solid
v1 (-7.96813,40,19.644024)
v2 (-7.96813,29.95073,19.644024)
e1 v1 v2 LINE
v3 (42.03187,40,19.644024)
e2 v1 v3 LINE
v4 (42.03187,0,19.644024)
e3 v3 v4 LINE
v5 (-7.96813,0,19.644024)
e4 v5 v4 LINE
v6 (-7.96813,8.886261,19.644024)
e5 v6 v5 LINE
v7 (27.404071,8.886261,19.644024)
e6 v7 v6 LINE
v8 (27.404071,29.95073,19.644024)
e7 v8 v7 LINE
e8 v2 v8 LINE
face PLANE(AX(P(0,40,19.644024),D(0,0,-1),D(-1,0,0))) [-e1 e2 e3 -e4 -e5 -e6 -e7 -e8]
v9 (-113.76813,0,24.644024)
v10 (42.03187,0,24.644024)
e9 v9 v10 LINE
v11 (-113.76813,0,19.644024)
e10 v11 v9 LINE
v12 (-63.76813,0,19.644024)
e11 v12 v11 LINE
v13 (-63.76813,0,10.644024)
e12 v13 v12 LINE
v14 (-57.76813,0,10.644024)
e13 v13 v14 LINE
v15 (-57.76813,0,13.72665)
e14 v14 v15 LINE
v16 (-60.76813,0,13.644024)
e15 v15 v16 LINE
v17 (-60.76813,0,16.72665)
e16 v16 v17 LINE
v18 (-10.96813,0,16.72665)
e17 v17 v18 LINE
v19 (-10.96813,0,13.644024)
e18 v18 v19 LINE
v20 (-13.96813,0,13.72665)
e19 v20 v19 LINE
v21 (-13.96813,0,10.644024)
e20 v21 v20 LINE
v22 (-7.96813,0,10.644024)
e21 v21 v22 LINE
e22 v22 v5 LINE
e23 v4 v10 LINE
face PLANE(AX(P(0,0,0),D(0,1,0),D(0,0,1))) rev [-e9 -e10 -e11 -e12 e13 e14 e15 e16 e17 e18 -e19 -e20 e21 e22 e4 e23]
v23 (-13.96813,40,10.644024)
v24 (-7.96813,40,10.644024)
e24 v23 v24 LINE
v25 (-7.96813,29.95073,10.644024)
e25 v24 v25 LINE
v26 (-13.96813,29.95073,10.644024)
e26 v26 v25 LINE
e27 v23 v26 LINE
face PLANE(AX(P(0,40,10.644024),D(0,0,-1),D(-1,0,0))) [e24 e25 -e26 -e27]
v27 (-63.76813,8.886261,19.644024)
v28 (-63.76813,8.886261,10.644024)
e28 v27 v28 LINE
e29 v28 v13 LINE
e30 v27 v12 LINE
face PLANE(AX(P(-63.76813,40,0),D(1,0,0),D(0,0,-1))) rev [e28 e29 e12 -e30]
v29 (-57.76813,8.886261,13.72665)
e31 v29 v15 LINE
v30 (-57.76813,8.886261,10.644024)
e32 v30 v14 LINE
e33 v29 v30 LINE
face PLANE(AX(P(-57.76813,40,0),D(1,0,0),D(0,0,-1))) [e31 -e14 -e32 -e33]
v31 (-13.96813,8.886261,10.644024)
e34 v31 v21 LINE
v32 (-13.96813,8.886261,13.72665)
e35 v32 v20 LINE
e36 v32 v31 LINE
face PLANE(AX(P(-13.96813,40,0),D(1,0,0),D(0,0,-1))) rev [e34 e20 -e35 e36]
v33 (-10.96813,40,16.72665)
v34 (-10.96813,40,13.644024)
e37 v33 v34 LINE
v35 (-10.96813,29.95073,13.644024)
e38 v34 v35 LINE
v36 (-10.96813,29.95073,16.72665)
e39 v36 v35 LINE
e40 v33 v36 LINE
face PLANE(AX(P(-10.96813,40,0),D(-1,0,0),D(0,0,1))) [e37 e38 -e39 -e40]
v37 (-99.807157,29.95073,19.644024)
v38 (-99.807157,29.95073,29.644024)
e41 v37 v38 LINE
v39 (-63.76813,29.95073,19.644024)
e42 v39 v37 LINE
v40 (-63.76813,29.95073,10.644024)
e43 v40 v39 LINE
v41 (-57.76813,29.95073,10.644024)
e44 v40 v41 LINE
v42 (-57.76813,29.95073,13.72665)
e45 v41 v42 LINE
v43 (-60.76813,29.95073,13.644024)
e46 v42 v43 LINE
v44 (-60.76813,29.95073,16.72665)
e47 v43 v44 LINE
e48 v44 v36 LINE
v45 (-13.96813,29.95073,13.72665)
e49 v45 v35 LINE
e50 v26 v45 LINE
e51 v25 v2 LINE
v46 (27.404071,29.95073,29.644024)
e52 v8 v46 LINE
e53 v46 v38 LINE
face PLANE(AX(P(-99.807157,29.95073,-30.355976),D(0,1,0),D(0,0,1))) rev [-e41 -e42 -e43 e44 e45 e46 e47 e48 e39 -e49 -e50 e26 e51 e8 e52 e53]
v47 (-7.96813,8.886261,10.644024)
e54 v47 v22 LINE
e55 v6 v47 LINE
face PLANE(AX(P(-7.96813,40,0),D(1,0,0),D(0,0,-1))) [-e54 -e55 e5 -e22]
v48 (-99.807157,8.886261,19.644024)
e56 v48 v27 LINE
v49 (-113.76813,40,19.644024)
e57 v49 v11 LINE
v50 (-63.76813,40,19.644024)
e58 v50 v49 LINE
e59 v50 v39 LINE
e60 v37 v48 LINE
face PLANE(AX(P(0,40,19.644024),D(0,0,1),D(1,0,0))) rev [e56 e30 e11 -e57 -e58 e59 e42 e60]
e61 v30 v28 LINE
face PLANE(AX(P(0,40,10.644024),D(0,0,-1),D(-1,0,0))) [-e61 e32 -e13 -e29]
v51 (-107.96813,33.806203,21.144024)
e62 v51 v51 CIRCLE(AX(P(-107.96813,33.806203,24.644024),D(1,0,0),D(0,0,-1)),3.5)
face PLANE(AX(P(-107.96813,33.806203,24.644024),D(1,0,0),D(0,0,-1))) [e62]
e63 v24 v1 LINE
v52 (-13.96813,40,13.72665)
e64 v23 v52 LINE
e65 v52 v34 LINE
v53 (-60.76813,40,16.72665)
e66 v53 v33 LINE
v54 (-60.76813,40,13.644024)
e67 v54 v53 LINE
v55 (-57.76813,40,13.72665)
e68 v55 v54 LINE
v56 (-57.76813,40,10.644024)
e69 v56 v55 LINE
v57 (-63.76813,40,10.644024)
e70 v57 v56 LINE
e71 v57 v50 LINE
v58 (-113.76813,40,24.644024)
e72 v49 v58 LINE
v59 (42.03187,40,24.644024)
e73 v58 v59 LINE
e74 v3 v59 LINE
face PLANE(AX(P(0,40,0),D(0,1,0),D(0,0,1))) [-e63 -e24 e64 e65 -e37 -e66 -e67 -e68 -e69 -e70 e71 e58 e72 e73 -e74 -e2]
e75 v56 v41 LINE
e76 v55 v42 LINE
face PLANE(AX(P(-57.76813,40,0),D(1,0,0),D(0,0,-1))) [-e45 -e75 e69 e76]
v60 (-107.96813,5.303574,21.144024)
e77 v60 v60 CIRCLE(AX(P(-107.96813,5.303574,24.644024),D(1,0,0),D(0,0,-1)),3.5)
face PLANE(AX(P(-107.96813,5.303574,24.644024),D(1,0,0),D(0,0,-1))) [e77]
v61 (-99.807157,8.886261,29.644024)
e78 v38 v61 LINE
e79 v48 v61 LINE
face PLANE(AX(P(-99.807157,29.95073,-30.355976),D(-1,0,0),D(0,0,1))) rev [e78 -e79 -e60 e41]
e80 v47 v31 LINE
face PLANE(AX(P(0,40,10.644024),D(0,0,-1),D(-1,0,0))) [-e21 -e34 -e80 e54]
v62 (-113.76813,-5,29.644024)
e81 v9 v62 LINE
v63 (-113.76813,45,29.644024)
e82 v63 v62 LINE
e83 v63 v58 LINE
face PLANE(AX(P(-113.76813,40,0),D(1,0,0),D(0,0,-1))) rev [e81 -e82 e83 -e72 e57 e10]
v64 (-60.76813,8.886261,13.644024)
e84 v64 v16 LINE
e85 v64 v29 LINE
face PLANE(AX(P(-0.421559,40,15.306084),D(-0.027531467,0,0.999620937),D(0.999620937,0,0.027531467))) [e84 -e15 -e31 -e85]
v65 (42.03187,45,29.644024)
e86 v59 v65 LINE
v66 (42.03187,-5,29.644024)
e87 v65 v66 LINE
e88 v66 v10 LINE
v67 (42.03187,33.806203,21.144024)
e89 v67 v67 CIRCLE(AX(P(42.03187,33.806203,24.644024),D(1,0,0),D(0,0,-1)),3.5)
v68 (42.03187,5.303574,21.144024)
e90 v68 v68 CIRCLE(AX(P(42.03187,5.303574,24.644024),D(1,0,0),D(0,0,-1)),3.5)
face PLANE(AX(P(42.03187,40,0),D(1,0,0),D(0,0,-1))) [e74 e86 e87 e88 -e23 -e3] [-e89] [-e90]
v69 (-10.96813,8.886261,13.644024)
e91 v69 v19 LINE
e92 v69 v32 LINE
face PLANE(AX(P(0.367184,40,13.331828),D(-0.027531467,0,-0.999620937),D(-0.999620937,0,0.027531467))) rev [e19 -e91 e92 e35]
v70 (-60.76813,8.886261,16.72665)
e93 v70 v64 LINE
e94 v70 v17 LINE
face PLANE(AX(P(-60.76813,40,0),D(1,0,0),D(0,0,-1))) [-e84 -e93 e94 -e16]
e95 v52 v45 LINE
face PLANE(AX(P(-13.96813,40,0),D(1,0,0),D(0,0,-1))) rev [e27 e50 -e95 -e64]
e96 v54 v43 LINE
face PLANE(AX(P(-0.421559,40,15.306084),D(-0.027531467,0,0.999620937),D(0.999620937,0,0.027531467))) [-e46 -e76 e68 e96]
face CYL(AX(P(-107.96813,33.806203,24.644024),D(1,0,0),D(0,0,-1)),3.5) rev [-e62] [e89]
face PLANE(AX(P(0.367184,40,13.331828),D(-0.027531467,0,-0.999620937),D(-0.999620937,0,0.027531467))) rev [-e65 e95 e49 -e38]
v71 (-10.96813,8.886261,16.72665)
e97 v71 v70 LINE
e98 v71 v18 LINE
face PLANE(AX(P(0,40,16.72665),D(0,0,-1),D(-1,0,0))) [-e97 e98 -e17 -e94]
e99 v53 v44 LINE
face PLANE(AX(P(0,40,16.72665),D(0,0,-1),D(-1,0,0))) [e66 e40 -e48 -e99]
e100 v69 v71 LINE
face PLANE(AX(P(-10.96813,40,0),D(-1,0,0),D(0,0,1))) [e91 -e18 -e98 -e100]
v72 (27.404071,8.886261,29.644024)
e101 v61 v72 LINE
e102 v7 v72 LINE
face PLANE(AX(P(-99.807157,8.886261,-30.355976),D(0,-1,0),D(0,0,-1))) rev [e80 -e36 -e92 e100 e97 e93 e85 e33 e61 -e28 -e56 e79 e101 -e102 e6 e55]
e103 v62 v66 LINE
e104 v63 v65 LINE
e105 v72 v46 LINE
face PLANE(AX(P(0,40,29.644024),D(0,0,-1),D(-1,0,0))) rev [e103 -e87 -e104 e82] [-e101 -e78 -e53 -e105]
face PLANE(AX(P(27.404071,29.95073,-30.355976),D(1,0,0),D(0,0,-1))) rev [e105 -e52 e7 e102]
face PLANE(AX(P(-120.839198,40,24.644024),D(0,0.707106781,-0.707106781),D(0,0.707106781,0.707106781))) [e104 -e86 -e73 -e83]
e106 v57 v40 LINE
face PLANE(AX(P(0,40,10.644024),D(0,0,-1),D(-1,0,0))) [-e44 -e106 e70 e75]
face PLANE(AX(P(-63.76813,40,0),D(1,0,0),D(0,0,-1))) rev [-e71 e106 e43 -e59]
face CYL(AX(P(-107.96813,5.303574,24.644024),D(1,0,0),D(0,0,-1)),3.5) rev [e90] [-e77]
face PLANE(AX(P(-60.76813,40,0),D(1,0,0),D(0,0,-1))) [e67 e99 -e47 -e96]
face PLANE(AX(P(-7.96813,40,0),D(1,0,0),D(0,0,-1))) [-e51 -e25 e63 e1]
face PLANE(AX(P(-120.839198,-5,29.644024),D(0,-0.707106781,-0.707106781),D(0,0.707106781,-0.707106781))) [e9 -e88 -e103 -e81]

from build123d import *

# Parameters (mm, degrees)
BOSS_EXTRUDE1_DEPTH = 40
SKETCH2_W           = 127.211228058
SKETCH2_H           = 21.064469041
CUT_EXTRUDE1_DEPTH  = 60
BOSS_EXTRUDE2_DEPTH = 155.8
SKETCH4_R           = 3.5
CUT_EXTRUDE2_DEPTH  = 150


with BuildPart() as part:
    # Sketch1 → Boss-Extrude1 (new body)
    with BuildSketch(Plane(origin=(0, 0, 0), x_dir=(1, 0, 0), z_dir=(0, 1, 0))):
        Polygon((-60.768130494, -10.644024468), (-63.768130494, -10.644024468), (-63.768130494, -19.644024468), (-113.768130494, -19.644024468), (-113.768130494, -29.644024468), (42.031869506, -29.644024468), (42.031869506, -19.644024468), (-7.968130494, -19.644024468), (-7.968130494, -10.644024468), (-10.968130494, -10.644024468), (-13.968130494, -10.644024468), (-13.968130494, -13.726650188), (-10.968130494, -13.644024468), (-10.968130494, -16.726650188), (-13.968130494, -16.726650188), (-57.768130494, -16.726650188), (-60.768130494, -16.726650188), (-60.768130494, -13.644024468), (-57.768130494, -13.726650188), (-57.768130494, -10.644024468), align=None)
    extrude(amount=BOSS_EXTRUDE1_DEPTH)

    # Sketch2 → Cut-Extrude1 (cut)
    with BuildSketch(Plane.XY.offset(29.644024468)):
        with Locations((-36.201542798, 19.418495801)):
            Rectangle(SKETCH2_W, SKETCH2_H)
    extrude(amount=-CUT_EXTRUDE1_DEPTH, mode=Mode.SUBTRACT)

    # Sketch3 → Boss-Extrude2 (add)
    with BuildSketch(Plane(origin=(42.031869506, 0, 0), x_dir=(0, 0, -1), z_dir=(1, 0, 0))):
        Polygon((-29.644024468, 40), (-24.644024468, 40), (-29.644024468, 45), align=None)
        Polygon((-29.644024468, 0), (-29.644024468, -5), (-24.644024468, 0), align=None)
    extrude(amount=-BOSS_EXTRUDE2_DEPTH)

    # Sketch4 → Cut-Extrude2 (cut)
    with BuildSketch(Plane(origin=(42.031869506, 0, 0), x_dir=(0, 0, -1), z_dir=(1, 0, 0))):
        with Locations((-24.644024468, 33.806203399)):
            Circle(SKETCH4_R)
        with Locations((-24.644024468, 5.303574021)):
            Circle(SKETCH4_R)
    extrude(amount=-CUT_EXTRUDE2_DEPTH, mode=Mode.SUBTRACT)


solid = part.part
